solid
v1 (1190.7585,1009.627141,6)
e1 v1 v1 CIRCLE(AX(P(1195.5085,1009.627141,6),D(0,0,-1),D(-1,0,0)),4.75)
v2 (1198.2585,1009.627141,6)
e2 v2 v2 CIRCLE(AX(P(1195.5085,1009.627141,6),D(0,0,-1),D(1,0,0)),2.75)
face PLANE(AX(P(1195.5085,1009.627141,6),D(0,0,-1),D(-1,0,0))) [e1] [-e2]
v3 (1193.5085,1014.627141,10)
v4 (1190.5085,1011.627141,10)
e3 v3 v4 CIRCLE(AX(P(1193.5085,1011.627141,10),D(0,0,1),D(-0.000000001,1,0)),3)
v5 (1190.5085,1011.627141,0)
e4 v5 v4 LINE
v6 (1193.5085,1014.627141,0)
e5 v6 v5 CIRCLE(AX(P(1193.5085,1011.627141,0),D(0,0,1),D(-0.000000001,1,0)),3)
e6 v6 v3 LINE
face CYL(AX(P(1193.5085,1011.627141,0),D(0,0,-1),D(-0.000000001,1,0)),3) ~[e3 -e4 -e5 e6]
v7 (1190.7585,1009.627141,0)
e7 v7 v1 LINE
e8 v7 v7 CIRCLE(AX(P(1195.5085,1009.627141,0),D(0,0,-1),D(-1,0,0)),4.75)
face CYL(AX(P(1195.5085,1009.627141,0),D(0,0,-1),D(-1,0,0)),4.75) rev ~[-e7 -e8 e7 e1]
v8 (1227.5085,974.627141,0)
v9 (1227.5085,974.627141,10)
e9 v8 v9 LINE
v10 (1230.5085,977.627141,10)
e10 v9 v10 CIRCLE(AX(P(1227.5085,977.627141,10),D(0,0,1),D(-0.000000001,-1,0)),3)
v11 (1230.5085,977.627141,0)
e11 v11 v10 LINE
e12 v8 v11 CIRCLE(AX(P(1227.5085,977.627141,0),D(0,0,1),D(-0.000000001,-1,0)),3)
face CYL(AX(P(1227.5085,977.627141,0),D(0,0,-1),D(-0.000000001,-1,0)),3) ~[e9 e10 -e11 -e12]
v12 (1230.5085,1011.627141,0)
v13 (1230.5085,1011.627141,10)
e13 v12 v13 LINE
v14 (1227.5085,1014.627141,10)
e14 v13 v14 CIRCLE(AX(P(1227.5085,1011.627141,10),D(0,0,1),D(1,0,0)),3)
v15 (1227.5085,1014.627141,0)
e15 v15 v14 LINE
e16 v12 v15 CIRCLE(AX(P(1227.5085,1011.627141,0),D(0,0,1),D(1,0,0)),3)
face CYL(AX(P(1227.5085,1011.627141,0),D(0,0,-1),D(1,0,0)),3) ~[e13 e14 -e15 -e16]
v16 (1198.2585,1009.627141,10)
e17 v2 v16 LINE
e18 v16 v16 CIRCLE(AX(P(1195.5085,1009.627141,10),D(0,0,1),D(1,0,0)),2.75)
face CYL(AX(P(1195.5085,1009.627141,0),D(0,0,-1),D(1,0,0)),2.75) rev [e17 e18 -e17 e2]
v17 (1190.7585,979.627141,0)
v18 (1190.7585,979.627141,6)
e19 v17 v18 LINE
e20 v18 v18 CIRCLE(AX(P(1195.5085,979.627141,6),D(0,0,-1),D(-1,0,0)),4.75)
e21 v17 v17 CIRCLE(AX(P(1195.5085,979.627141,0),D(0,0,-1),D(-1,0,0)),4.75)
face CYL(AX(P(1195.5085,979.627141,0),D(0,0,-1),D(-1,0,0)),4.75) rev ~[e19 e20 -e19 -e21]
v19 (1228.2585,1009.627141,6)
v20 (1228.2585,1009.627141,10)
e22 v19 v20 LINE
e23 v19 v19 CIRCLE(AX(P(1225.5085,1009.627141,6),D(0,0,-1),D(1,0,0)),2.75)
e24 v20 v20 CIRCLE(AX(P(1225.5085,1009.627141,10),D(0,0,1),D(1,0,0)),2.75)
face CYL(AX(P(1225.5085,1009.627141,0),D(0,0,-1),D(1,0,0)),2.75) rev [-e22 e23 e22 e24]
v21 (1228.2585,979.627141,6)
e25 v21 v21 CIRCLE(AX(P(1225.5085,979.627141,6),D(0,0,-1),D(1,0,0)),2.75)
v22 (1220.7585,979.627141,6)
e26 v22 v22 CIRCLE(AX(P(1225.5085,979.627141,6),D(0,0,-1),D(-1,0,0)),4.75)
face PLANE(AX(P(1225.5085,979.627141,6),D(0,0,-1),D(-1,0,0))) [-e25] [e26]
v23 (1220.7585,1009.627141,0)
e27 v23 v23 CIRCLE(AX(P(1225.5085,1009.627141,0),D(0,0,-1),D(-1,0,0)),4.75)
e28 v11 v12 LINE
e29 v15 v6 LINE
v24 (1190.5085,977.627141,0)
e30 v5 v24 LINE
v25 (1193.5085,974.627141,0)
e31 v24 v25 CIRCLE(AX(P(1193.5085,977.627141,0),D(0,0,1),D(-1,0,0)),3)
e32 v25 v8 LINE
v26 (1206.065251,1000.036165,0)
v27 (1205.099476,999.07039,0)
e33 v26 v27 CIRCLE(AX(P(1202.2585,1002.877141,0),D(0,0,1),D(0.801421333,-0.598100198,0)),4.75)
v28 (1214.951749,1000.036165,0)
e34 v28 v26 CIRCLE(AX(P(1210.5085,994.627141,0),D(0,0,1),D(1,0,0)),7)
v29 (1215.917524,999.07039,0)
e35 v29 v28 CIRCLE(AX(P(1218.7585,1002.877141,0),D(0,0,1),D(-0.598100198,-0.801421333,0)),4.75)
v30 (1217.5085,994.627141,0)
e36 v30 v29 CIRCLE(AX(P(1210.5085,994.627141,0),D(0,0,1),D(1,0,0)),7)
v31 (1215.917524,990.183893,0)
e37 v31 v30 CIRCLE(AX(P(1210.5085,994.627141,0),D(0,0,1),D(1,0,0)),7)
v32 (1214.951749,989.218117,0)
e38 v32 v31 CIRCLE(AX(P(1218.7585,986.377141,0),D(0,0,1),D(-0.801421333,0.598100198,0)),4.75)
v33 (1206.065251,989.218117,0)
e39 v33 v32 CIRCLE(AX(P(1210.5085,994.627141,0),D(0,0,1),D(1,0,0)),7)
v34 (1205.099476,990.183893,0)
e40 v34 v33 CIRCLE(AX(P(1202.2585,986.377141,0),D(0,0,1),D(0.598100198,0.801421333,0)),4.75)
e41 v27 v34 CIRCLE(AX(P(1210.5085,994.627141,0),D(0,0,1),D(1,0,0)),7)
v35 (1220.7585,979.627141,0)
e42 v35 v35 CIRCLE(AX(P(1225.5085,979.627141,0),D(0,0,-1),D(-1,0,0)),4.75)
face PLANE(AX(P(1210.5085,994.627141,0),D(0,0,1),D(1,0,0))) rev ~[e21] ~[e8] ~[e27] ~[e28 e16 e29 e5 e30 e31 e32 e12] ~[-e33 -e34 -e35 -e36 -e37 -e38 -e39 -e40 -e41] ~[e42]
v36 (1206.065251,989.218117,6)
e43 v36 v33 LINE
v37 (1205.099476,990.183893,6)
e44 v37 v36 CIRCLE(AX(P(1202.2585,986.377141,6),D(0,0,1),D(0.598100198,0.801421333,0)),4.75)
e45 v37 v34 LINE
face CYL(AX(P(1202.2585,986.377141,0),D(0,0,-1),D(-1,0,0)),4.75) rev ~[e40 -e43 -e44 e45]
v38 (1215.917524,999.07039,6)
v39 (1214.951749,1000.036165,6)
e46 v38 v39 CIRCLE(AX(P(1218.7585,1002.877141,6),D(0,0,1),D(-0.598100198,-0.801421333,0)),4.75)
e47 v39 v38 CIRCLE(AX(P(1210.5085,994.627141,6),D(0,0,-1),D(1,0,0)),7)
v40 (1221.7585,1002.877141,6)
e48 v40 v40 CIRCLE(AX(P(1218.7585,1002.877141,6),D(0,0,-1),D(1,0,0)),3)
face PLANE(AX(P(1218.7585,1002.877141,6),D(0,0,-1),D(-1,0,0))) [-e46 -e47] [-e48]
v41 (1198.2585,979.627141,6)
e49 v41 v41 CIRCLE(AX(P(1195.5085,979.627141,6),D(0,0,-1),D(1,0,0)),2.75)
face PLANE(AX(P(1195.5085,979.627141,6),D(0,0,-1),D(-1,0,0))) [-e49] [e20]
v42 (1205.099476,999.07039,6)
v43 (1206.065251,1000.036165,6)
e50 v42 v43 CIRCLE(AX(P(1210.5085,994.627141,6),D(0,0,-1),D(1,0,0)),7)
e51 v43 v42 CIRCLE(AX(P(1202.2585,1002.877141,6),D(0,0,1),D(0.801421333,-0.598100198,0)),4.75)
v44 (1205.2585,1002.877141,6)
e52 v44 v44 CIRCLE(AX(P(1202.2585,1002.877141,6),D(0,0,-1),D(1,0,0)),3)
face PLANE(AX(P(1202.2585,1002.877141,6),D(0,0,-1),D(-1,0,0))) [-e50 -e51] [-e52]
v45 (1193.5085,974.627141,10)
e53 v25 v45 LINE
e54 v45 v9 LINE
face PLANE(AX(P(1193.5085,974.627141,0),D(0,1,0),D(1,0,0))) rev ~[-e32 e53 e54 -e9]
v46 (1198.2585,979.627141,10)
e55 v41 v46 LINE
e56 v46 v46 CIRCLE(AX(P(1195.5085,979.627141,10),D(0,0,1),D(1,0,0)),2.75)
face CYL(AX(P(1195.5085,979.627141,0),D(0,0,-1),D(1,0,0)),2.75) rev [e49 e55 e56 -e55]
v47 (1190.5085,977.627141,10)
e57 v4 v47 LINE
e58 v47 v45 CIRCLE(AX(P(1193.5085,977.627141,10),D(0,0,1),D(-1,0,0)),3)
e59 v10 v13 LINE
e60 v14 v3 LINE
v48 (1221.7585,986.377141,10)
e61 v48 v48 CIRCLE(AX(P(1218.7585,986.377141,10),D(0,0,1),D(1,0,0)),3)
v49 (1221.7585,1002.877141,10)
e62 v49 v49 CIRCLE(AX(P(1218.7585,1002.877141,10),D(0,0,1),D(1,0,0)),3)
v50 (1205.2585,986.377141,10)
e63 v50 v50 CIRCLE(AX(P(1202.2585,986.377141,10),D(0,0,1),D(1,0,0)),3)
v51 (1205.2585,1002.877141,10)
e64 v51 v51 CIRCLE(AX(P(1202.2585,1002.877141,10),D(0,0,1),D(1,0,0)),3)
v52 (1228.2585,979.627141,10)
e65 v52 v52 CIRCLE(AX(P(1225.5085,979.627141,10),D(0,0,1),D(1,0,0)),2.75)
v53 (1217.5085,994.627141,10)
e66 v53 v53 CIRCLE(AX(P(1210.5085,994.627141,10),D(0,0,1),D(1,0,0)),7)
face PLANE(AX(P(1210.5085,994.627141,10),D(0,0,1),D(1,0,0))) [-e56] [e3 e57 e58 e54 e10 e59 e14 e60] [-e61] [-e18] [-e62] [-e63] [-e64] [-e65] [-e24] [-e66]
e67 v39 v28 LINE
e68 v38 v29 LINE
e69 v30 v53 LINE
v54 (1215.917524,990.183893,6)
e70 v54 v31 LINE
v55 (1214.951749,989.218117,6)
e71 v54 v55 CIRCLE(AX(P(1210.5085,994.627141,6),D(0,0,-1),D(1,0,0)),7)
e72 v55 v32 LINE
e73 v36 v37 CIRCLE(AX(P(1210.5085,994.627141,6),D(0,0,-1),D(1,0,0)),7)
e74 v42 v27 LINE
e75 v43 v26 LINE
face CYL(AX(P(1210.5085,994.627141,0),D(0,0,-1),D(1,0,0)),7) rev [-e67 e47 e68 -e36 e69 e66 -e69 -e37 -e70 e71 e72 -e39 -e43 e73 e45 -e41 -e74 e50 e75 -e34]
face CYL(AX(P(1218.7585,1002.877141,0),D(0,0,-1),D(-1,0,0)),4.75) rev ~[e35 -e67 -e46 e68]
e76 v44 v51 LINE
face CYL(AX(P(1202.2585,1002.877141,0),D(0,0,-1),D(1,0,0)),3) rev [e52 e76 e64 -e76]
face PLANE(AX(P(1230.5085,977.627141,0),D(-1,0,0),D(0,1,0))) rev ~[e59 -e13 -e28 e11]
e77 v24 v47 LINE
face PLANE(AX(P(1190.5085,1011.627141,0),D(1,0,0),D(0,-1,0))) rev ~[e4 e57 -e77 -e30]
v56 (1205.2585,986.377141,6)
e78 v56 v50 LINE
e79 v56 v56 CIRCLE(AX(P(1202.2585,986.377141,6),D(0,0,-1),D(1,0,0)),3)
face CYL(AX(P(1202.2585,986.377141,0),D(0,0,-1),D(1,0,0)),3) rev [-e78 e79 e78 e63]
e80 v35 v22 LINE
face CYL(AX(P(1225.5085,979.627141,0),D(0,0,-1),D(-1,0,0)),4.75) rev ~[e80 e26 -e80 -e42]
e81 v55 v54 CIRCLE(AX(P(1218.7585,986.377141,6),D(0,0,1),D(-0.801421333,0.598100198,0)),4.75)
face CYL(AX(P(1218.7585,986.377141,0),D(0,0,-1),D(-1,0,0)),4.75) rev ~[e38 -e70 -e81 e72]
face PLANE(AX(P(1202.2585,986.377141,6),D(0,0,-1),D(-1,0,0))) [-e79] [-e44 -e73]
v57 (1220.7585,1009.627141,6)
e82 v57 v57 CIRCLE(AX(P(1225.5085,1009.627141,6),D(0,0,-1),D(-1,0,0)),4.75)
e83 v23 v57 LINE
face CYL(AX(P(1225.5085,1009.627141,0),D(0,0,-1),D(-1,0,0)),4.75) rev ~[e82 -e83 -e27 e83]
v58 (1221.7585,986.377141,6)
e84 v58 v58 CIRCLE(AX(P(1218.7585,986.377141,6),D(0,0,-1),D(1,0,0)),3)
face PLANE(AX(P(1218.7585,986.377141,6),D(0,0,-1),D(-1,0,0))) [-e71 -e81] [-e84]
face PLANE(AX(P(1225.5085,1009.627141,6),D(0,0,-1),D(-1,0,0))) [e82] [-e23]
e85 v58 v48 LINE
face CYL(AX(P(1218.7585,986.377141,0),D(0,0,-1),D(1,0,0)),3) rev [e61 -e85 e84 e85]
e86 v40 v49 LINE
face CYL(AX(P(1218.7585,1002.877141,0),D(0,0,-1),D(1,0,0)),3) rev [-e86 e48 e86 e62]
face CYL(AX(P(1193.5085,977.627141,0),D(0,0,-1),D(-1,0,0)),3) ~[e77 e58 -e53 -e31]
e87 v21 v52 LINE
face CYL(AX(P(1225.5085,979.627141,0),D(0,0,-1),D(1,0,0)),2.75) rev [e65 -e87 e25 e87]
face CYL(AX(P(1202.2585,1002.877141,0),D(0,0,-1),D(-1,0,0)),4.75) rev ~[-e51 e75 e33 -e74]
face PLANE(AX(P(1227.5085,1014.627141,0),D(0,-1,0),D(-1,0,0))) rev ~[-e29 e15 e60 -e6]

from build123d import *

# Parameters (mm, degrees)
SKETCH_1_R          = 3
SKETCH_1_R_2        = 7
SKETCH_1_R_3        = 2.75
EXTRUDE_1_DEPTH     = 10
SKETCH_2_R          = 4.75
CUT_EXTRUDE_2_DEPTH = 6


with BuildPart() as part:
    # 草图1 → 拉伸1 (new body)
    with BuildSketch(Plane.XY):
        with BuildLine():
            Line((1190.508500062, 1011.627141179), (1190.508500062, 977.627141179))
            ThreePointArc((1190.508500062, 977.627141179), (1191.387179719, 975.505820835), (1193.508500062, 974.627141179))
            Line((1193.508500062, 974.627141179), (1227.508500062, 974.627141179))
            ThreePointArc((1227.508500062, 974.627141179), (1229.629820406, 975.505820835), (1230.508500062, 977.627141179))
            Line((1230.508500062, 977.627141179), (1230.508500062, 1011.627141179))
            ThreePointArc((1230.508500062, 1011.627141179), (1229.629820406, 1013.748461522), (1227.508500062, 1014.627141179))
            Line((1227.508500062, 1014.627141179), (1193.508500062, 1014.627141179))
            ThreePointArc((1193.508500062, 1014.627141179), (1191.387179719, 1013.748461522), (1190.508500062, 1011.627141179))
        make_face()
        with Locations((1218.758500062, 1002.877141179)):
            Circle(SKETCH_1_R, mode=Mode.SUBTRACT)
        with Locations((1218.758500062, 986.377141179)):
            Circle(SKETCH_1_R, mode=Mode.SUBTRACT)
        with Locations((1202.258500062, 1002.877141179)):
            Circle(SKETCH_1_R, mode=Mode.SUBTRACT)
        with Locations((1202.258500062, 986.377141179)):
            Circle(SKETCH_1_R, mode=Mode.SUBTRACT)
        with Locations((1210.508500062, 994.627141179)):
            Circle(SKETCH_1_R_2, mode=Mode.SUBTRACT)
        with Locations((1195.508500062, 1009.627141179)):
            Circle(SKETCH_1_R_3, mode=Mode.SUBTRACT)
        with Locations((1225.508500062, 1009.627141179)):
            Circle(SKETCH_1_R_3, mode=Mode.SUBTRACT)
        with Locations((1225.508500062, 979.627141179)):
            Circle(SKETCH_1_R_3, mode=Mode.SUBTRACT)
        with Locations((1195.508500062, 979.627141179)):
            Circle(SKETCH_1_R_3, mode=Mode.SUBTRACT)
    extrude(amount=EXTRUDE_1_DEPTH)

    # 草图2 → 拉伸2 (cut)
    with BuildSketch(Plane(origin=(0, 0, 0), x_dir=(-1, 0, 0), z_dir=(0, 0, -1))):
        with Locations((-1225.508500062, 1009.627141179)):
            Circle(SKETCH_2_R)
        with Locations((-1195.508500062, 1009.627141179)):
            Circle(SKETCH_2_R)
        with Locations((-1225.508500062, 979.627141179)):
            Circle(SKETCH_2_R)
        with Locations((-1195.508500062, 979.627141179)):
            Circle(SKETCH_2_R)
        with Locations((-1218.758500062, 1002.877141179)):
            Circle(SKETCH_2_R)
        with Locations((-1202.258500062, 1002.877141179)):
            Circle(SKETCH_2_R)
        with Locations((-1218.758500062, 986.377141179)):
            Circle(SKETCH_2_R)
        with Locations((-1202.258500062, 986.377141179)):
            Circle(SKETCH_2_R)
    extrude(amount=-CUT_EXTRUDE_2_DEPTH, mode=Mode.SUBTRACT)


solid = part.part
